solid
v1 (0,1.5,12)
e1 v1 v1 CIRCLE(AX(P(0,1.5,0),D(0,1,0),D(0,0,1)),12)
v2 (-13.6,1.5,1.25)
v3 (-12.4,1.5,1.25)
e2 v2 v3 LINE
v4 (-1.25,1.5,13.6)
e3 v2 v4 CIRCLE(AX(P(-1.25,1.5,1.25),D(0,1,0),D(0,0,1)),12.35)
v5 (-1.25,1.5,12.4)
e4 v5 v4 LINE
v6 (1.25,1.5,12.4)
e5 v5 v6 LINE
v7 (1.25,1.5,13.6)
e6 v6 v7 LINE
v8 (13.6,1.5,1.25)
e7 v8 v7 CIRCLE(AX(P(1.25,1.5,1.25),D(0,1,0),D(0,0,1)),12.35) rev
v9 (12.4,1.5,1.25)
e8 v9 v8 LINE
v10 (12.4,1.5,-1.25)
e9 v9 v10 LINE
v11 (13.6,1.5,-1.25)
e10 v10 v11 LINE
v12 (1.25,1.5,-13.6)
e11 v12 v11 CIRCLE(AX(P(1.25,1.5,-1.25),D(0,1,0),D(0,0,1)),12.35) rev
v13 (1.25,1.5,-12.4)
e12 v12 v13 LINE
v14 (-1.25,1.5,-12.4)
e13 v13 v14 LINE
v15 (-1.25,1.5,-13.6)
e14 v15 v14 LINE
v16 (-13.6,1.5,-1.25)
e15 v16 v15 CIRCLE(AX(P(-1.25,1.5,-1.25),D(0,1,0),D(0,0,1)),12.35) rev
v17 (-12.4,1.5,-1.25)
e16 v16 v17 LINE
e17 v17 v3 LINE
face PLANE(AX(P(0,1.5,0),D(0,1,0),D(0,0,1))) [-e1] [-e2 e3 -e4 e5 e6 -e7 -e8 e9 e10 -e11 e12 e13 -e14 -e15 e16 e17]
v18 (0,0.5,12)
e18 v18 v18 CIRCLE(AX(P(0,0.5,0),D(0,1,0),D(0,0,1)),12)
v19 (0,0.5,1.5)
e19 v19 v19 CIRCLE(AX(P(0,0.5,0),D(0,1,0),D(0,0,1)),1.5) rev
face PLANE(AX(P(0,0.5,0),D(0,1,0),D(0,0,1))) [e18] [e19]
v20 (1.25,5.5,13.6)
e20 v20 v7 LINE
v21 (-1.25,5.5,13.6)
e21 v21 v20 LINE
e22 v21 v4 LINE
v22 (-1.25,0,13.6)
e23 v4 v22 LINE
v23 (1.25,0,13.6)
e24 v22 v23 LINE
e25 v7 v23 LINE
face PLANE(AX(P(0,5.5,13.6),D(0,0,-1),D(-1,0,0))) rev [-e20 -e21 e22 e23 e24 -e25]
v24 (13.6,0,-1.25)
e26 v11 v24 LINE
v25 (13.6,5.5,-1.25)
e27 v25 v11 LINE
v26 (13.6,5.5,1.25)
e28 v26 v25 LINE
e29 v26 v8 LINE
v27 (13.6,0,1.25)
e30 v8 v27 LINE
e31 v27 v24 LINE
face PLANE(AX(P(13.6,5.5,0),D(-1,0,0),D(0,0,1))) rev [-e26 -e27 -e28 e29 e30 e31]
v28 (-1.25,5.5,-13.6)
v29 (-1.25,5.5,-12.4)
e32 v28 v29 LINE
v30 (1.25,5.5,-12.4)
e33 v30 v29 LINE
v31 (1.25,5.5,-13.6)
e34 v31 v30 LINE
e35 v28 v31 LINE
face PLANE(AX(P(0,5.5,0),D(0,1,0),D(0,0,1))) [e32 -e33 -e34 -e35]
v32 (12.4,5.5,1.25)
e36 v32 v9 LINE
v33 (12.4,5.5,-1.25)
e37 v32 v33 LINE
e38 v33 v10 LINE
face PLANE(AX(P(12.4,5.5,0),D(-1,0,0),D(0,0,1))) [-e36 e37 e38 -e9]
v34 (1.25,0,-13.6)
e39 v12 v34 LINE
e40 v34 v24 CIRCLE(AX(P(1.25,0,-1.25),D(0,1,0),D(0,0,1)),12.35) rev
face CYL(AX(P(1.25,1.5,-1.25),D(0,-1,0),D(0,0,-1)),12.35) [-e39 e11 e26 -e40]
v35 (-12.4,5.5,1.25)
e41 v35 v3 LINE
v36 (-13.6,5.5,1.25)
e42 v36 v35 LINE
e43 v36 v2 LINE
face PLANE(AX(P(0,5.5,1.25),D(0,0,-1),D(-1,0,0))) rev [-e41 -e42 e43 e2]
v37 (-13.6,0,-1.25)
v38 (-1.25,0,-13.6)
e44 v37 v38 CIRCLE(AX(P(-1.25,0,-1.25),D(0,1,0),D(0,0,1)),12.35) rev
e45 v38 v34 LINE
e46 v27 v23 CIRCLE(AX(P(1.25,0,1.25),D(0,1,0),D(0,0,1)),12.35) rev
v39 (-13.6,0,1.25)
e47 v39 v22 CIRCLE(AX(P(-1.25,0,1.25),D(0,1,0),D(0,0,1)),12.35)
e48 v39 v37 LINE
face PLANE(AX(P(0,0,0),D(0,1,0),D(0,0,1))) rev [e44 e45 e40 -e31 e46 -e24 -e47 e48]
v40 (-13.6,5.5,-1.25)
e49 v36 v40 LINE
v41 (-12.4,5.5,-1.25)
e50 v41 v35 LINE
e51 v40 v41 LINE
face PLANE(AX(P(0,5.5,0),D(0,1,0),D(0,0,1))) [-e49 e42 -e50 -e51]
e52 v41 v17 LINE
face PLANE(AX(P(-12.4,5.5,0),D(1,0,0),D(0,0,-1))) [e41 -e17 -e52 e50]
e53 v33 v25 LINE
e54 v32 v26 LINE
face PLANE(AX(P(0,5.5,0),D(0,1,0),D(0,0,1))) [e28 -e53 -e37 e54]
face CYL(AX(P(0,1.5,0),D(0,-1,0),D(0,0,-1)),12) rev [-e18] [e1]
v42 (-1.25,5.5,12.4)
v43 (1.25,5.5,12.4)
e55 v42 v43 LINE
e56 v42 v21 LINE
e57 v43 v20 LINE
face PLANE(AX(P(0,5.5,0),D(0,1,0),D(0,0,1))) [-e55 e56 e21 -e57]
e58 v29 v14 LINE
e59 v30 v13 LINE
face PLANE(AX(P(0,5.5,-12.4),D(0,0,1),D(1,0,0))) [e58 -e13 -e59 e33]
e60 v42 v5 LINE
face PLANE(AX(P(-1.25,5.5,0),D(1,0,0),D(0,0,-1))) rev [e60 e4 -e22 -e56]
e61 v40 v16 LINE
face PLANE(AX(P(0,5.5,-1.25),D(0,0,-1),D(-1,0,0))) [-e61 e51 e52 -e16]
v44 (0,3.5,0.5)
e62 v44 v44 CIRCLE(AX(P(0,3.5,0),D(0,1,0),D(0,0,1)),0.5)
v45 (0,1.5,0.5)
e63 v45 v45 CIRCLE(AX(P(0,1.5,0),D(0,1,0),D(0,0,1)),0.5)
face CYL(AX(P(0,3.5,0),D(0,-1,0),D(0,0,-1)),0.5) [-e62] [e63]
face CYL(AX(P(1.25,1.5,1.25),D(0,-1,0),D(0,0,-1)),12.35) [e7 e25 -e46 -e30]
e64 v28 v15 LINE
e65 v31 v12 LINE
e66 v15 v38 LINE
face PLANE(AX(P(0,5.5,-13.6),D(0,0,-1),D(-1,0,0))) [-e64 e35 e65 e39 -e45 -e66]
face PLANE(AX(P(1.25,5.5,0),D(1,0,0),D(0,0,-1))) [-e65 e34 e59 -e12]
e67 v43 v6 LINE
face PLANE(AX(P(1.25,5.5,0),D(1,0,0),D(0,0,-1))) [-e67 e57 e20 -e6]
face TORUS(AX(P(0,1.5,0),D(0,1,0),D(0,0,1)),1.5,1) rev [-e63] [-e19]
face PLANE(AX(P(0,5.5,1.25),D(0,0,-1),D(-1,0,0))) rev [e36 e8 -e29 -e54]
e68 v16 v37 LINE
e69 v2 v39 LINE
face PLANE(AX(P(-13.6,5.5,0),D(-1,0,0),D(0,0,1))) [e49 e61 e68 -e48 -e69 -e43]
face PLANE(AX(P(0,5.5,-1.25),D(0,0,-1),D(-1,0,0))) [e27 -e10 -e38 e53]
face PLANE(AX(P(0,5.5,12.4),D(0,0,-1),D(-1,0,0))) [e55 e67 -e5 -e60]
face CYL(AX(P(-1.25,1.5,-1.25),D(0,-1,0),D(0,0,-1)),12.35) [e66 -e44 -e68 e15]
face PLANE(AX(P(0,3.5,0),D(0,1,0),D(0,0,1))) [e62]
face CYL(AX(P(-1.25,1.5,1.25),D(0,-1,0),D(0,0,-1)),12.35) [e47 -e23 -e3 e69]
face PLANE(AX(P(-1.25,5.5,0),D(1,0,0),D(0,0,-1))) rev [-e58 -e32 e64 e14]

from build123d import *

# Parameters (mm, degrees)
SKETCH1_W             = 1.2
SKETCH1_H             = 2.5
BOSS_EXTRUDE1_DEPTH   = 5.5
SKETCH1_W_2           = 2.5
SKETCH1_H_2           = 1.2
BOSS_EXTRUDE1_2_DEPTH = 5.5
BOSS_EXTRUDE1_3_DEPTH = 5.5
BOSS_EXTRUDE1_4_DEPTH = 5.5
SKETCH1_4_W           = 2.5
SKETCH1_4_H           = 2.5
BOSS_EXTRUDE2_DEPTH   = 0.5
BOSS_EXTRUDE3_DEPTH   = 1.5
SKETCH2_R             = 0.5
BOSS_EXTRUDE4_DEPTH   = 3
FILLET1_R             = 1


with BuildPart() as part:
    # Sketch1 → Boss-Extrude1 (new body)
    with BuildSketch(Plane(origin=(0, 0, 0), x_dir=(1, 0, 0), z_dir=(0, 1, 0))):
        with Locations((-13, 0)):
            Rectangle(SKETCH1_W, SKETCH1_H)
    extrude(amount=BOSS_EXTRUDE1_DEPTH)



with BuildPart() as body_2:
    # Sketch1 → Boss-Extrude1 2 (new body)
    with BuildSketch(Plane(origin=(0, 0, 0), x_dir=(1, 0, 0), z_dir=(0, 1, 0))):
        with Locations((0, 13)):
            Rectangle(SKETCH1_W_2, SKETCH1_H_2)
    extrude(amount=BOSS_EXTRUDE1_2_DEPTH)


with BuildPart() as body_3:
    # Sketch1 → Boss-Extrude1 3 (new body)
    with BuildSketch(Plane(origin=(0, 0, 0), x_dir=(1, 0, 0), z_dir=(0, 1, 0))):
        with Locations((13, 0)):
            Rectangle(SKETCH1_W, SKETCH1_H)
    extrude(amount=BOSS_EXTRUDE1_3_DEPTH)


with BuildPart() as body_4:
    # Sketch1 → Boss-Extrude1 4 (new body)
    with BuildSketch(Plane(origin=(0, 0, 0), x_dir=(1, 0, 0), z_dir=(0, 1, 0))):
        with Locations((0, -13)):
            Rectangle(SKETCH1_W_2, SKETCH1_H_2)
    extrude(amount=BOSS_EXTRUDE1_4_DEPTH)


with BuildPart() as body_5:
    # Sketch1<4> → Boss-Extrude2 (new body)
    with BuildSketch(Plane(origin=(0, 0, 0), x_dir=(1, 0, 0), z_dir=(0, 1, 0))):
        with BuildLine():
            ThreePointArc((-1.25, 11.934718262), (-8.485281374, 8.485281374), (-11.934718262, 1.25))
            Line((-11.934718262, 1.25), (-1.25, 1.25))
            Line((-1.25, 1.25), (-1.25, 11.934718262))
        make_face()
        with BuildLine():
            Line((1.25, 11.934718262), (1.25, 1.25))
            Line((1.25, 1.25), (11.934718262, 1.25))
            ThreePointArc((11.934718262, 1.25), (8.485281374, 8.485281374), (1.25, 11.934718262))
        make_face()
        with BuildLine():
            Line((-1.25, 11.934718262), (-1.25, 1.25))
            Line((-1.25, 1.25), (1.25, 1.25))
            Line((1.25, 1.25), (1.25, 11.934718262))
            ThreePointArc((1.25, 11.934718262), (0, 12), (-1.25, 11.934718262))
        make_face()
        with BuildLine():
            ThreePointArc((-11.934718262, 1.25), (-12, 0), (-11.934718262, -1.25))
            Line((-11.934718262, -1.25), (-1.25, -1.25))
            Line((-1.25, -1.25), (-1.25, 1.25))
            Line((-1.25, 1.25), (-11.934718262, 1.25))
        make_face()
        Rectangle(SKETCH1_4_W, SKETCH1_4_H)
        with BuildLine():
            Line((1.25, 1.25), (1.25, -1.25))
            Line((1.25, -1.25), (11.934718262, -1.25))
            ThreePointArc((11.934718262, -1.25), (11.983668452, -0.625851761), (12, 0))
            ThreePointArc((12, 0), (11.983668452, 0.625851761), (11.934718262, 1.25))
            Line((11.934718262, 1.25), (1.25, 1.25))
        make_face()
        with BuildLine():
            Line((11.934718262, -1.25), (1.25, -1.25))
            Line((1.25, -1.25), (1.25, -11.934718262))
            ThreePointArc((1.25, -11.934718262), (8.485281374, -8.485281374), (11.934718262, -1.25))
        make_face()
        with BuildLine():
            Line((-1.25, -1.25), (-11.934718262, -1.25))
            ThreePointArc((-11.934718262, -1.25), (-8.485281374, -8.485281374), (-1.25, -11.934718262))
            Line((-1.25, -11.934718262), (-1.25, -1.25))
        make_face()
        with BuildLine():
            Line((1.25, -1.25), (-1.25, -1.25))
            Line((-1.25, -1.25), (-1.25, -11.934718262))
            ThreePointArc((-1.25, -11.934718262), (0, -12), (1.25, -11.934718262))
            Line((1.25, -11.934718262), (1.25, -1.25))
        make_face()
    extrude(amount=BOSS_EXTRUDE2_DEPTH)


with BuildPart() as part_1:
    add(part.part)

    add(body_2.part)  # Boss-Extrude3 merges body 2

    add(body_3.part)  # Boss-Extrude3 merges body 3

    add(body_4.part)  # Boss-Extrude3 merges body 4

    add(body_5.part)  # Boss-Extrude3 merges body 5
    # Sketch1<5> → Boss-Extrude3 (add)
    with BuildSketch(Plane(origin=(0, 0, 0), x_dir=(1, 0, 0), z_dir=(0, 1, 0))):
        with BuildLine():
            ThreePointArc((-1.25, 13.6), (-9.982768748, 9.982768748), (-13.6, 1.25))
            Line((-13.6, 1.25), (-12.4, 1.25))
            Line((-12.4, 1.25), (-11.934718262, 1.25))
            ThreePointArc((-11.934718262, 1.25), (-8.485281374, 8.485281374), (-1.25, 11.934718262))
            Line((-1.25, 11.934718262), (-1.25, 12.4))
            Line((-1.25, 12.4), (-1.25, 13.6))
        make_face()
        with BuildLine():
            ThreePointArc((13.6, 1.25), (9.982768748, 9.982768748), (1.25, 13.6))
            Line((1.25, 13.6), (1.25, 12.4))
            Line((1.25, 12.4), (1.25, 11.934718262))
            ThreePointArc((1.25, 11.934718262), (8.485281374, 8.485281374), (11.934718262, 1.25))
            Line((11.934718262, 1.25), (12.4, 1.25))
            Line((12.4, 1.25), (13.6, 1.25))
        make_face()
        with BuildLine():
            Line((1.25, 12.4), (-1.25, 12.4))
            Line((-1.25, 12.4), (-1.25, 11.934718262))
            ThreePointArc((-1.25, 11.934718262), (0, 12), (1.25, 11.934718262))
            Line((1.25, 11.934718262), (1.25, 12.4))
        make_face()
        with BuildLine():
            Line((1.25, -12.4), (1.25, -13.6))
            ThreePointArc((1.25, -13.6), (9.982768748, -9.982768748), (13.6, -1.25))
            Line((13.6, -1.25), (12.4, -1.25))
            Line((12.4, -1.25), (11.934718262, -1.25))
            ThreePointArc((11.934718262, -1.25), (8.485281374, -8.485281374), (1.25, -11.934718262))
            Line((1.25, -11.934718262), (1.25, -12.4))
        make_face()
        with BuildLine():
            Line((11.934718262, -1.25), (12.4, -1.25))
            Line((12.4, -1.25), (12.4, 1.25))
            Line((12.4, 1.25), (11.934718262, 1.25))
            ThreePointArc((11.934718262, 1.25), (11.983668452, 0.625851761), (12, 0))
            ThreePointArc((12, 0), (11.983668452, -0.625851761), (11.934718262, -1.25))
        make_face()
        with BuildLine():
            Line((-12.4, -1.25), (-13.6, -1.25))
            ThreePointArc((-13.6, -1.25), (-9.982768748, -9.982768748), (-1.25, -13.6))
            Line((-1.25, -13.6), (-1.25, -12.4))
            Line((-1.25, -12.4), (-1.25, -11.934718262))
            ThreePointArc((-1.25, -11.934718262), (-8.485281374, -8.485281374), (-11.934718262, -1.25))
            Line((-11.934718262, -1.25), (-12.4, -1.25))
        make_face()
        with BuildLine():
            Line((-12.4, 1.25), (-12.4, -1.25))
            Line((-12.4, -1.25), (-11.934718262, -1.25))
            ThreePointArc((-11.934718262, -1.25), (-12, 0), (-11.934718262, 1.25))
            Line((-11.934718262, 1.25), (-12.4, 1.25))
        make_face()
        with BuildLine():
            Line((-1.25, -11.934718262), (-1.25, -12.4))
            Line((-1.25, -12.4), (1.25, -12.4))
            Line((1.25, -12.4), (1.25, -11.934718262))
            ThreePointArc((1.25, -11.934718262), (0, -12), (-1.25, -11.934718262))
        make_face()
    extrude(amount=BOSS_EXTRUDE3_DEPTH)

    # Sketch2 → Boss-Extrude4 (add)
    with BuildSketch(Plane(origin=(0, 0.5, 0), x_dir=(1, 0, 0), z_dir=(0, 1, 0))):
        Circle(SKETCH2_R)
    extrude(amount=BOSS_EXTRUDE4_DEPTH)

    # Fillet1
    fillet1_edges = [part_1.edges().sort_by_distance(p)[0] for p in [
        (-0.5, 0.5, 0),
    ]]
    fillet(fillet1_edges, radius=FILLET1_R)


solid = part_1.part
